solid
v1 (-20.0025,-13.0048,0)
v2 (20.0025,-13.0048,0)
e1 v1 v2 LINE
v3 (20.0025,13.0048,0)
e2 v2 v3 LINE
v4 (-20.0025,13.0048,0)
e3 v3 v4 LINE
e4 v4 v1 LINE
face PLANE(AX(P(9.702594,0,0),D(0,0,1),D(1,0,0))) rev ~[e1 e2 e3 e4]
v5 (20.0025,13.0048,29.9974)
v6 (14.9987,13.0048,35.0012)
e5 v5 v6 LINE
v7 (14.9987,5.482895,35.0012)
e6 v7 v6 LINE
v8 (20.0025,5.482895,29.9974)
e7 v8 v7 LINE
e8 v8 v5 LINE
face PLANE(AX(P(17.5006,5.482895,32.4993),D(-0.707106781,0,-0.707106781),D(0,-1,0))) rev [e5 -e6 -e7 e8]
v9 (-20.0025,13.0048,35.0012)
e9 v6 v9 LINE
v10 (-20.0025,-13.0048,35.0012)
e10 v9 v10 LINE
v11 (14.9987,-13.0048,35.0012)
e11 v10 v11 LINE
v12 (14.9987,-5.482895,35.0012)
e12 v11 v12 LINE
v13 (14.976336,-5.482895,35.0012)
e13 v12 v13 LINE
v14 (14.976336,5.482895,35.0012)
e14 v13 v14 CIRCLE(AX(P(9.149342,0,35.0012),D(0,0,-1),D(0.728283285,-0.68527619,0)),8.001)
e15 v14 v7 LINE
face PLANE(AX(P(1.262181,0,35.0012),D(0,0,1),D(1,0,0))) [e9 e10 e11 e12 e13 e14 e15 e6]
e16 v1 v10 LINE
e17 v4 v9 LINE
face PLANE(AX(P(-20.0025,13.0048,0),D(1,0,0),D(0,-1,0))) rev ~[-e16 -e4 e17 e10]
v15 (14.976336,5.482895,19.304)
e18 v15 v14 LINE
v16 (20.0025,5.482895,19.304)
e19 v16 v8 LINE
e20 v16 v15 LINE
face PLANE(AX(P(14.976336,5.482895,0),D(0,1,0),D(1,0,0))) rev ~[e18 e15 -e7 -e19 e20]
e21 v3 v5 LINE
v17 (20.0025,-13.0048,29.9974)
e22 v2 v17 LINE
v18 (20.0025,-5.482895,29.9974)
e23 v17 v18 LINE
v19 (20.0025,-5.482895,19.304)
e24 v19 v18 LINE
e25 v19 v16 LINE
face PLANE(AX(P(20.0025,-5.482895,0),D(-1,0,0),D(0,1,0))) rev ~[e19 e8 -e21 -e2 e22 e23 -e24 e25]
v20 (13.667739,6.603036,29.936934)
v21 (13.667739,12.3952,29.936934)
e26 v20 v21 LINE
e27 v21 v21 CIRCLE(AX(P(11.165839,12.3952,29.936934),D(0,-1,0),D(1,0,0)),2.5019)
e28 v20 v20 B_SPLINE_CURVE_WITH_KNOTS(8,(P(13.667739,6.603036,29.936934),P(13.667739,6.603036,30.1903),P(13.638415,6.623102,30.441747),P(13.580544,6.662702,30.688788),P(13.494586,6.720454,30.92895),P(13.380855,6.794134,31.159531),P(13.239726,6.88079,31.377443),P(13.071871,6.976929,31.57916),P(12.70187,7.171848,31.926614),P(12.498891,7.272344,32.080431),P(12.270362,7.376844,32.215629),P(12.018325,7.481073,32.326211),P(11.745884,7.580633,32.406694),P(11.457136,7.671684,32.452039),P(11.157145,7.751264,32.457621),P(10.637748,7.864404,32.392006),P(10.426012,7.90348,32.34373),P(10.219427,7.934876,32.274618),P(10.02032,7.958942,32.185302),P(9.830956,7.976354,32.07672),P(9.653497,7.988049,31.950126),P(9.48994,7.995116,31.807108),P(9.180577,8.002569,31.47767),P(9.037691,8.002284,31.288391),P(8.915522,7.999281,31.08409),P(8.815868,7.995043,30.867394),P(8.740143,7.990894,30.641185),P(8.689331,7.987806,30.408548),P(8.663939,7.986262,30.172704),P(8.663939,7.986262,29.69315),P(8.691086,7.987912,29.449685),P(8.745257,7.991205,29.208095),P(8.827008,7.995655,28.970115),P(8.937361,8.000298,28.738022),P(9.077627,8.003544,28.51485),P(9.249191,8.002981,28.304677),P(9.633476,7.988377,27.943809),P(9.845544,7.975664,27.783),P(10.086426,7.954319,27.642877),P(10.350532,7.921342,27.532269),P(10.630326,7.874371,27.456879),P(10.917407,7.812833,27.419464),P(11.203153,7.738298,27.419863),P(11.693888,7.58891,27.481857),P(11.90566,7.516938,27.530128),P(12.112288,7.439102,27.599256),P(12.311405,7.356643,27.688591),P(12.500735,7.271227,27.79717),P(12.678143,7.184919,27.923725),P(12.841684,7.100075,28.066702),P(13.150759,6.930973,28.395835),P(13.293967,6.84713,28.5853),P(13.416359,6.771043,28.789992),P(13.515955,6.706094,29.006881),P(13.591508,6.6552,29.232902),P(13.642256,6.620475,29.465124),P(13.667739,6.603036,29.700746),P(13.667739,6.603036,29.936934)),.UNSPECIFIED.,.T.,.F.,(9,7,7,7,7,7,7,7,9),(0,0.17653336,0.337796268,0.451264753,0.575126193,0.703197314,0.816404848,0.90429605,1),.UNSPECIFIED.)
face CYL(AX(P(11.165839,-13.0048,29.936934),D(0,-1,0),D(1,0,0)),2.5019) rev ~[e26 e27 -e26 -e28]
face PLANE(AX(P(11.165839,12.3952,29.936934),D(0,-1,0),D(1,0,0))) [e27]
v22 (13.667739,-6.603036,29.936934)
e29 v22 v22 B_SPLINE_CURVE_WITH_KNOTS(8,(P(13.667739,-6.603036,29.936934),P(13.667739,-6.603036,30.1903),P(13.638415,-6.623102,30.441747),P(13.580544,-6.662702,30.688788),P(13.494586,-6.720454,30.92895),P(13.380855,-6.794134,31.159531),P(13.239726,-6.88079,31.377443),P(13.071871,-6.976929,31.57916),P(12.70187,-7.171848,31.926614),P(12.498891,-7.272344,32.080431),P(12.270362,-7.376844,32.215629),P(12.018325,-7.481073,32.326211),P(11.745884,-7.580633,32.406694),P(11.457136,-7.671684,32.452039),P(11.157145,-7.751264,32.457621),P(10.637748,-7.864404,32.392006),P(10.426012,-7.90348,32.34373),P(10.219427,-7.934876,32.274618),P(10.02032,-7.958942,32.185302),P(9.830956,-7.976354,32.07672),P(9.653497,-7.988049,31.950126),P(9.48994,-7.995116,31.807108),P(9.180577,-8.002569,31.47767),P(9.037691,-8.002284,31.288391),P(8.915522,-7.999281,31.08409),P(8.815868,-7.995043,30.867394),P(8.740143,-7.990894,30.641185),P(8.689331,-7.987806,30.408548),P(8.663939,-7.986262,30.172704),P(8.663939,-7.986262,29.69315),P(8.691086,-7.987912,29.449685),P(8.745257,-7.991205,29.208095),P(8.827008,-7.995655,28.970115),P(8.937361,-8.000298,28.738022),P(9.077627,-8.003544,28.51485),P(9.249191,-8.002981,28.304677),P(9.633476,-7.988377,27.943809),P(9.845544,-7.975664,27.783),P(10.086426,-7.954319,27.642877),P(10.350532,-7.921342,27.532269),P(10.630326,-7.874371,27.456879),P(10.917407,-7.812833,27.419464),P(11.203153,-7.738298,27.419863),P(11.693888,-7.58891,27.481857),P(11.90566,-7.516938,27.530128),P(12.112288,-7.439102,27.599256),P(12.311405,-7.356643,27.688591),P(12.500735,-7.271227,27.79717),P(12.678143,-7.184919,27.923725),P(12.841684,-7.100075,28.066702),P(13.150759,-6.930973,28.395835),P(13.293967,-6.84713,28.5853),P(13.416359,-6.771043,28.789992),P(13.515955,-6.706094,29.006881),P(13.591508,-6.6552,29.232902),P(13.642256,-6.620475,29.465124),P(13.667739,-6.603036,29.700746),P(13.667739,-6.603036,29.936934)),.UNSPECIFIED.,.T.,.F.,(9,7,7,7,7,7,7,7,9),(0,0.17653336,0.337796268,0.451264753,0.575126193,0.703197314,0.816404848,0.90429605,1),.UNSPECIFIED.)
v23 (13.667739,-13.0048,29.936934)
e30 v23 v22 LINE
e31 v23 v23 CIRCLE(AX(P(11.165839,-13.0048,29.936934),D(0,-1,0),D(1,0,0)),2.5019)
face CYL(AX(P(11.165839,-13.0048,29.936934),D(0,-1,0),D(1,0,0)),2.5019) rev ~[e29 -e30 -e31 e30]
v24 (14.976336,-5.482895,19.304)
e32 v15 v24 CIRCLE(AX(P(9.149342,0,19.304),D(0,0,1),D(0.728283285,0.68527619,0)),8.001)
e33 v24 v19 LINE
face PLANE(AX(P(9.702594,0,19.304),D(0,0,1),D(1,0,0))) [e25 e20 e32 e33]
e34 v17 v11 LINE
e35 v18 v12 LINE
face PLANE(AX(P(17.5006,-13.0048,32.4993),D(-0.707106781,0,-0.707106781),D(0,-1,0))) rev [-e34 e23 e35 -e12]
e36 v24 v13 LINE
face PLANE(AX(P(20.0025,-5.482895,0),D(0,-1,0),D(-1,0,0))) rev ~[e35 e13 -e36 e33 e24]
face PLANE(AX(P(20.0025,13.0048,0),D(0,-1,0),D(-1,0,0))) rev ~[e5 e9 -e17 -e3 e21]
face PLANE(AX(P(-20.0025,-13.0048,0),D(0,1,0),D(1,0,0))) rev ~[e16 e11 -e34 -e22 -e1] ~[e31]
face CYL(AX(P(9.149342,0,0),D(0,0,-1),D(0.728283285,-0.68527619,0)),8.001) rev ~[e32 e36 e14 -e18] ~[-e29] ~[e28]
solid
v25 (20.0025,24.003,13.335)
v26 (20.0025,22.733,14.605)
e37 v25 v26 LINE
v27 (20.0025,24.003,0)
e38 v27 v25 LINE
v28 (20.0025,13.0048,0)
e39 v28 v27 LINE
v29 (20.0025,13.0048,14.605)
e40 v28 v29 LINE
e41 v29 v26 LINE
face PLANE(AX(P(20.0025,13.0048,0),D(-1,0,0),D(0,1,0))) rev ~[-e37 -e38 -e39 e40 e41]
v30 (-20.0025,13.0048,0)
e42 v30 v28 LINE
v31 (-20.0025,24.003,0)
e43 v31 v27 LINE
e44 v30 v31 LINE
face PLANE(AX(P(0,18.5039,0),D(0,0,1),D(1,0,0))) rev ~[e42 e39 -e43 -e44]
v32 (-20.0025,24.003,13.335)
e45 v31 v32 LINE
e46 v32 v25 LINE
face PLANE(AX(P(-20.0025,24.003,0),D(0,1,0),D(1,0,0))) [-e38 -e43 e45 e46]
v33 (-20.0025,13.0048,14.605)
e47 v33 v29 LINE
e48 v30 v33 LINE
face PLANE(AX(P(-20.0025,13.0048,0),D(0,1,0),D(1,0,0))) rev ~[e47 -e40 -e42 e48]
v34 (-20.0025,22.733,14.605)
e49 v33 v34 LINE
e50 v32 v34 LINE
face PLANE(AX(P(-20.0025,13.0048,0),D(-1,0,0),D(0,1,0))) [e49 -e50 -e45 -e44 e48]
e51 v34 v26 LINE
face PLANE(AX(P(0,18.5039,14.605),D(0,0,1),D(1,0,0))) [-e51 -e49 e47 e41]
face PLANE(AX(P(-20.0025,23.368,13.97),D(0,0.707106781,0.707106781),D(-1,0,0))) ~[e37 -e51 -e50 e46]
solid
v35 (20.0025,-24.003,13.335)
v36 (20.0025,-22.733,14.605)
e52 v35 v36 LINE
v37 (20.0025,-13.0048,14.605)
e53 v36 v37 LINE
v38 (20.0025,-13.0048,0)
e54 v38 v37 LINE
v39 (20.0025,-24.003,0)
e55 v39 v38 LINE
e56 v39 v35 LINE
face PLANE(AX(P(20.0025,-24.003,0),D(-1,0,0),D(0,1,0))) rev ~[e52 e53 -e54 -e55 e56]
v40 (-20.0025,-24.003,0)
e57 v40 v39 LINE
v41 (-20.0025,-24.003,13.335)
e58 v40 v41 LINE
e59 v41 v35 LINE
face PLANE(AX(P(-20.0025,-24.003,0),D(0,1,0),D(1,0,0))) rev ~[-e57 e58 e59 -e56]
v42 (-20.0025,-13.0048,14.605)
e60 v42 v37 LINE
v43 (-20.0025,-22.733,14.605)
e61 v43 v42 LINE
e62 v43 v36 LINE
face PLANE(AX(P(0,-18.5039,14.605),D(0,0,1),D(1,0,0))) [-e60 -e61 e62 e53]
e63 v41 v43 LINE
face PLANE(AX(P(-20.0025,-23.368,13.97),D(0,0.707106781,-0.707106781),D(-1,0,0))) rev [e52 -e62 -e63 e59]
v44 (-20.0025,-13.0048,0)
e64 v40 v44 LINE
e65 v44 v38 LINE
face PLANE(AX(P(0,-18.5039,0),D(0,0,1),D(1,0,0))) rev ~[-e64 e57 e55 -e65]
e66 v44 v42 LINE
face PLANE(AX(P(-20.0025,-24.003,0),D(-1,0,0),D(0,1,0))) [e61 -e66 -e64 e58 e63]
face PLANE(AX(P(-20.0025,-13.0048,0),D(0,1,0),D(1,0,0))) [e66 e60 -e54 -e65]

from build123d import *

# Parameters (mm, degrees)
F0_W      = 40.005
F0_H      = 10.9982
F1_DEPTH  = 14.605
F2_DEPTH  = 35.0012
F3_DEPTH  = 19.304
F4_SIZE   = 5.0038
F5_R      = 2.5019
F6_DEPTH  = 25.4
F7_SIZE   = 1.27
F7_2_SIZE = 1.27


with BuildPart() as f1:
    # F0 (on Top) → F1 (new body)
    with BuildSketch(Plane.XY):
        with Locations((0, -18.5039)):
            Rectangle(F0_W, F0_H)
    extrude(amount=F1_DEPTH)

    # F7#2
    f7_2_edges = [f1.edges().sort_by_distance(p)[0] for p in [
        (0, -24.003, 14.605),
    ]]
    chamfer(f7_2_edges, length=F7_2_SIZE)


with BuildPart() as f1b:
    # F0 (on Top) → F1, piece 2 (new body)
    with BuildSketch(Plane.XY):
        with Locations((0, 18.5039)):
            Rectangle(F0_W, F0_H)
    extrude(amount=F1_DEPTH)

    # F7
    f7_edges = [f1b.edges().sort_by_distance(p)[0] for p in [
        (0, 24.003, 14.605),
    ]]
    chamfer(f7_edges, length=F7_SIZE)


with BuildPart() as f2:
    # F0 (on Top) → F2 (new body)
    with BuildSketch(Plane.XY):
        with BuildLine():
            Line((-20.0025, -13.0048), (20.0025, -13.0048))
            Line((20.0025, -13.0048), (20.0025, -5.4828948))
            Line((20.0025, -5.4828948), (14.9763364049, -5.4828948))
            ThreePointArc((14.9763364049, -5.4828948), (1.148341844, 0), (14.9763364049, 5.4828948))
            Line((14.9763364049, 5.4828948), (20.0025, 5.4828948))
            Line((20.0025, 5.4828948), (20.0025, 13.0048))
            Line((20.0025, 13.0048), (-20.0025, 13.0048))
            Line((-20.0025, 13.0048), (-20.0025, -13.0048))
        make_face()
    extrude(amount=F2_DEPTH)

    # F0 (on Top) → F3 (join)
    with BuildSketch(Plane.XY):
        with BuildLine():
            ThreePointArc((14.9763364049, 5.4828948), (1.148341844, 0), (14.9763364049, -5.4828948))
            ThreePointArc((14.9763364049, -5.4828948), (16.5870089676, -2.9490860888), (17.150341844, 0))
            ThreePointArc((17.150341844, 0), (16.5870089676, 2.9490860888), (14.9763364049, 5.4828948))
        make_face()
        with BuildLine():
            Line((14.9763364049, -5.4828948), (20.0025, -5.4828948))
            Line((20.0025, -5.4828948), (20.0025, 5.4828948))
            Line((20.0025, 5.4828948), (14.9763364049, 5.4828948))
            ThreePointArc((14.9763364049, 5.4828948), (16.5870089676, 2.9490860888), (17.150341844, 0))
            ThreePointArc((17.150341844, 0), (16.5870089676, -2.9490860888), (14.9763364049, -5.4828948))
        make_face()
    extrude(amount=F3_DEPTH)

    # F4
    f4_edges = [f2.edges().sort_by_distance(p)[0] for p in [
        (20.0025, -9.243847, 35.0012),
        (20.0025, 9.243847, 35.0012),
    ]]
    chamfer(f4_edges, length=F4_SIZE)

    # F5 (on face) → F6 (cut)
    with BuildSketch(Plane.XZ.offset(13.0048)):
        with Locations((11.1658386886, 29.93693389)):
            Circle(F5_R)
    extrude(amount=-F6_DEPTH, mode=Mode.SUBTRACT)


solid = Compound([f1.part, f1b.part, f2.part])
